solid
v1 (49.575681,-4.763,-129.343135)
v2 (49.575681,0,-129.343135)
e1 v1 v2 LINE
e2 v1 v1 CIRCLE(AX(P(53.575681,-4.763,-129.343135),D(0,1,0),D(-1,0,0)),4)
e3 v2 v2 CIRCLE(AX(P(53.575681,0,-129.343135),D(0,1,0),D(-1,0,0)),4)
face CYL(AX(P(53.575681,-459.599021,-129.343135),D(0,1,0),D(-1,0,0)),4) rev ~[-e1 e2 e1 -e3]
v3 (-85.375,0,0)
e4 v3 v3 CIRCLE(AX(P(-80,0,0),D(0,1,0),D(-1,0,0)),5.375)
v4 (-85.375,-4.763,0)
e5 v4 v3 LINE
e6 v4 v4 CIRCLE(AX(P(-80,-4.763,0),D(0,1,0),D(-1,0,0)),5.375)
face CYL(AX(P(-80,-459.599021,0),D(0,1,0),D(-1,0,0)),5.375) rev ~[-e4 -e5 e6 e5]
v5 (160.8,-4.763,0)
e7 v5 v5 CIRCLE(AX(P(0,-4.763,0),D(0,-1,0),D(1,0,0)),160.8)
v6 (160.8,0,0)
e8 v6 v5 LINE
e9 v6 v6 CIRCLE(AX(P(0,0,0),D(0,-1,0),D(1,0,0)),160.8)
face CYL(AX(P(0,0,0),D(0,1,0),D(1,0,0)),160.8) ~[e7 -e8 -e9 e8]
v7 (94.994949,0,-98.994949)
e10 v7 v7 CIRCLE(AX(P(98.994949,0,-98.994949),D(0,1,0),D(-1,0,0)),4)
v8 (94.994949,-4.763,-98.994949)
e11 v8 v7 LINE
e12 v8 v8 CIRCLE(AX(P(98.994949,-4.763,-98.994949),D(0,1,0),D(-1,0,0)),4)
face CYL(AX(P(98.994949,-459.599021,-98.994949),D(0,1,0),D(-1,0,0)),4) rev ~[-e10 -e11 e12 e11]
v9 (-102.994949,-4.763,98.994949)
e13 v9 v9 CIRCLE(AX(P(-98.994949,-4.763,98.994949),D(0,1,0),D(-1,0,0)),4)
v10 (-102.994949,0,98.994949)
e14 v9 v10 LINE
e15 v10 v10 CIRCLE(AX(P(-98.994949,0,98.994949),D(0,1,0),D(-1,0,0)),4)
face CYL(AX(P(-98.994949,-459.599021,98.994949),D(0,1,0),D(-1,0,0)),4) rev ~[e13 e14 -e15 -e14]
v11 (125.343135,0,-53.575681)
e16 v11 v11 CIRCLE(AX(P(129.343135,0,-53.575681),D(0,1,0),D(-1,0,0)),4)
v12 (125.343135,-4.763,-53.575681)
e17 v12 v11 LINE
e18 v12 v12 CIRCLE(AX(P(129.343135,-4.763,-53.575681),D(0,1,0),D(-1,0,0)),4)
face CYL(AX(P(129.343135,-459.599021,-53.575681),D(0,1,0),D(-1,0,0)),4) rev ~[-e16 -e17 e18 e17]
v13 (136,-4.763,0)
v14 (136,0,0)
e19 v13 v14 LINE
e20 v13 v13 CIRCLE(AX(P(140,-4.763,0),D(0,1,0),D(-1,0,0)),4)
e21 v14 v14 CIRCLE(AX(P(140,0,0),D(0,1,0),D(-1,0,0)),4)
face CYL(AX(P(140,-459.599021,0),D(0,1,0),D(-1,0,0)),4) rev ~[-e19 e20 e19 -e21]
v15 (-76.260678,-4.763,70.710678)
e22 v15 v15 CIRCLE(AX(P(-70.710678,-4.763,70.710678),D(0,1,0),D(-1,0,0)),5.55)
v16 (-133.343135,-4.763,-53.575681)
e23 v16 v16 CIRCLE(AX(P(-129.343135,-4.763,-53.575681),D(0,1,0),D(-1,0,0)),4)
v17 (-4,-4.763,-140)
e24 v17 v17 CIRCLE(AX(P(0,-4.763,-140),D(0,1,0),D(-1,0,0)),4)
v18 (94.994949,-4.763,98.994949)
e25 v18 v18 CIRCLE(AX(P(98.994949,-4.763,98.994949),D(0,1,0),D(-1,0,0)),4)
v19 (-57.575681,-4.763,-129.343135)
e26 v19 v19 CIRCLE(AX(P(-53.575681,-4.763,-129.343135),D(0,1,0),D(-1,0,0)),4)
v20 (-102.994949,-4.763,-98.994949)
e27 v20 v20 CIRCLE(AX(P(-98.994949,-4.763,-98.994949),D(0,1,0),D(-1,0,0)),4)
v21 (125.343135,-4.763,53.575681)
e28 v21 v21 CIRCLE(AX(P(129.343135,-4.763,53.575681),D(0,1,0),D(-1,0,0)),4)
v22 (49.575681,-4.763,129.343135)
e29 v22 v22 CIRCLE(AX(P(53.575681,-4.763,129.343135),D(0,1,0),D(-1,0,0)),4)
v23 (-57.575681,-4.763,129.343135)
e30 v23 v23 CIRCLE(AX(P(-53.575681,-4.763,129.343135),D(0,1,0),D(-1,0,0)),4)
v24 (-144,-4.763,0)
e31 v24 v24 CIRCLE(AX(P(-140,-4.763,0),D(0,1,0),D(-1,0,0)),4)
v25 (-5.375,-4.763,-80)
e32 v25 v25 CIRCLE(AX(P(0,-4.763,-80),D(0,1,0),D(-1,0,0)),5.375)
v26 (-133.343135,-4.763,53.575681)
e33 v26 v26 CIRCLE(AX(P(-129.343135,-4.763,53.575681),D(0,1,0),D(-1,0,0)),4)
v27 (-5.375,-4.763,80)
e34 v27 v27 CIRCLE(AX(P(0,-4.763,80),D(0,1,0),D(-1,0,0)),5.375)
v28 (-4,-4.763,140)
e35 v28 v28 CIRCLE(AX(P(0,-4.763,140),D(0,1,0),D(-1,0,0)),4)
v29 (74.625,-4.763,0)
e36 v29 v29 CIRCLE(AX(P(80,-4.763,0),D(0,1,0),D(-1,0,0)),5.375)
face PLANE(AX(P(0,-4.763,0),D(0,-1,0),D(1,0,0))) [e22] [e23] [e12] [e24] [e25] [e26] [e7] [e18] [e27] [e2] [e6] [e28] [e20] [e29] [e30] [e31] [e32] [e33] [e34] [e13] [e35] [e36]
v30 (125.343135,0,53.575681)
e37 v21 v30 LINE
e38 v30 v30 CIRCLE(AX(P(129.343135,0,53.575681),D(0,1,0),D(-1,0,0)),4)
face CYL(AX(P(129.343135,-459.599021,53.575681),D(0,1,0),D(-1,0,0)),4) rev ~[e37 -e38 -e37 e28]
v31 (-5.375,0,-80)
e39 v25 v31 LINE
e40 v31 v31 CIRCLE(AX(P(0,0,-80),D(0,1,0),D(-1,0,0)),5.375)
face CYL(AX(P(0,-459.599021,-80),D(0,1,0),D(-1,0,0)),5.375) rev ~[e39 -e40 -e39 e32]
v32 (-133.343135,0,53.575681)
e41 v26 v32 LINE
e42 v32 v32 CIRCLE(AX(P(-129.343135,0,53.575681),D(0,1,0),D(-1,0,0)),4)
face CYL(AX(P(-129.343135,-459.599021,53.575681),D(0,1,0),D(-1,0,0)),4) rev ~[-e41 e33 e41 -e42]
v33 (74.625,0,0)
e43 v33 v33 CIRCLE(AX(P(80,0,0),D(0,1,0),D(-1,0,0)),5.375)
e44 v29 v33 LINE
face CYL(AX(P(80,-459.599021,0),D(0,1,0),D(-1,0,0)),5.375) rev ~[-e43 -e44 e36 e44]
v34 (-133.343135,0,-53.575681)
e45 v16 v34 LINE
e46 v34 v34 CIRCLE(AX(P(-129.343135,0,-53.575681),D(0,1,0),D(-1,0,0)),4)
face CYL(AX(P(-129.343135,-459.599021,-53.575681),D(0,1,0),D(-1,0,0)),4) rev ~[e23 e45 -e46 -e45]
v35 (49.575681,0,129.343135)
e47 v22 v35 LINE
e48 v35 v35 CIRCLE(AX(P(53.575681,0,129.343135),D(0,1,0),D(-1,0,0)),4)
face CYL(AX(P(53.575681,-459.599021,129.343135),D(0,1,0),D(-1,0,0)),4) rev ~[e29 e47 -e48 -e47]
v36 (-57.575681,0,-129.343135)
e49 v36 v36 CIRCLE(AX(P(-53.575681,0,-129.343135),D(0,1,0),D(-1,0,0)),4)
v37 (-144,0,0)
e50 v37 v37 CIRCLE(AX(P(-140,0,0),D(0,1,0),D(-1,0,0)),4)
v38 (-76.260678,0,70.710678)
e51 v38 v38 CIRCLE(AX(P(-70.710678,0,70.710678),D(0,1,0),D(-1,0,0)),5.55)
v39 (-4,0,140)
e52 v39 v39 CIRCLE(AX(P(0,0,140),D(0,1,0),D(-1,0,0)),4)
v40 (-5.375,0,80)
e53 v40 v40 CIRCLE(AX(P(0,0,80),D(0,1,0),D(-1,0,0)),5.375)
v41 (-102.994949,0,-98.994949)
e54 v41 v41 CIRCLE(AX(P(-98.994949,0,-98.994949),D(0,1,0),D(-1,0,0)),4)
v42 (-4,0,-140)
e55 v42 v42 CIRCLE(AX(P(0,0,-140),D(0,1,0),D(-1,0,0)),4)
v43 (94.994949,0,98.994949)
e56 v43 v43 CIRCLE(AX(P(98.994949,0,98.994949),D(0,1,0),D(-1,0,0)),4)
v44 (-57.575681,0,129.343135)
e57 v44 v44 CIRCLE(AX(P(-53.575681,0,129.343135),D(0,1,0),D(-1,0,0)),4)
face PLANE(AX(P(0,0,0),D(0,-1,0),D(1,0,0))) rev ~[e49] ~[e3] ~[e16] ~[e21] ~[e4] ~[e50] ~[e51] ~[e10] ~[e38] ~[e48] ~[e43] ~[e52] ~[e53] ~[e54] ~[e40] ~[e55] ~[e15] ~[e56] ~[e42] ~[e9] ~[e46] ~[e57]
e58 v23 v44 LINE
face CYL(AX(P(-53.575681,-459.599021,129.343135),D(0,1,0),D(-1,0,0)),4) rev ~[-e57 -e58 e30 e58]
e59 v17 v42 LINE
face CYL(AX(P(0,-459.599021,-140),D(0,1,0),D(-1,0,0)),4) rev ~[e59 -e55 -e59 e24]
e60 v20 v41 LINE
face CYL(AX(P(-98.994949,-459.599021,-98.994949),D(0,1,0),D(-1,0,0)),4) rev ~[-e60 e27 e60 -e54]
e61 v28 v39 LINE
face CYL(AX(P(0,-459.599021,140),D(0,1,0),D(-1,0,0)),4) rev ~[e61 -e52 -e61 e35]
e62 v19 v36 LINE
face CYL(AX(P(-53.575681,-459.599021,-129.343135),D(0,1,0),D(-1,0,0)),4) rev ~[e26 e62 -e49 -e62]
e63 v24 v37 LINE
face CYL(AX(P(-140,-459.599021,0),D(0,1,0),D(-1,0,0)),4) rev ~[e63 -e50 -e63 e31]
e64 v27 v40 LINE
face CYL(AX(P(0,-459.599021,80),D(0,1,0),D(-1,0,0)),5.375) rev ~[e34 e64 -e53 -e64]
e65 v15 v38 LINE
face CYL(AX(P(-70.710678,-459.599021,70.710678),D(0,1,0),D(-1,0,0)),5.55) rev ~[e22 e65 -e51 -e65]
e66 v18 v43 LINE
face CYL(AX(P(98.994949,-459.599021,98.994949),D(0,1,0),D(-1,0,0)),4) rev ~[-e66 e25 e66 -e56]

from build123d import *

# Parameters (mm, degrees)
F0_R     = 160.8
F1_DEPTH = 4.763
F3_D     = 10.75
F5_D     = 8
F7_D     = 11.1


with BuildPart() as f1:
    # F0 (on Front) → F1 (new body)
    with BuildSketch(Plane.XZ):
        Circle(F0_R)
    extrude(amount=F1_DEPTH)

    # F3 (through all)
    with Locations(Plane.XZ.offset(4.763)):
        with Locations((-80, 0), (0, 80), (80, 0), (0, -80)):
            Hole(F3_D / 2)

    # F5 (through all)
    with Locations(Plane.XZ.offset(4.763)):
        with Locations((-53.575681, 129.343135), (0, 140), (53.575681, 129.343135), (98.994949, 98.994949), (129.343135, 53.575681), (140, 0), (129.343135, -53.575681), (98.994949, -98.994949), (53.575681, -129.343135), (0, -140), (-53.575681, -129.343135), (-98.994949, -98.994949), (-129.343135, -53.575681), (-140, 0), (-129.343135, 53.575681), (-98.994949, 98.994949)):
            Hole(F5_D / 2)

    # F7 (through all)
    with Locations(Plane.XZ.offset(4.763)):
        with Locations((-70.710678, 70.710678)):
            Hole(F7_D / 2)


solid = f1.part
